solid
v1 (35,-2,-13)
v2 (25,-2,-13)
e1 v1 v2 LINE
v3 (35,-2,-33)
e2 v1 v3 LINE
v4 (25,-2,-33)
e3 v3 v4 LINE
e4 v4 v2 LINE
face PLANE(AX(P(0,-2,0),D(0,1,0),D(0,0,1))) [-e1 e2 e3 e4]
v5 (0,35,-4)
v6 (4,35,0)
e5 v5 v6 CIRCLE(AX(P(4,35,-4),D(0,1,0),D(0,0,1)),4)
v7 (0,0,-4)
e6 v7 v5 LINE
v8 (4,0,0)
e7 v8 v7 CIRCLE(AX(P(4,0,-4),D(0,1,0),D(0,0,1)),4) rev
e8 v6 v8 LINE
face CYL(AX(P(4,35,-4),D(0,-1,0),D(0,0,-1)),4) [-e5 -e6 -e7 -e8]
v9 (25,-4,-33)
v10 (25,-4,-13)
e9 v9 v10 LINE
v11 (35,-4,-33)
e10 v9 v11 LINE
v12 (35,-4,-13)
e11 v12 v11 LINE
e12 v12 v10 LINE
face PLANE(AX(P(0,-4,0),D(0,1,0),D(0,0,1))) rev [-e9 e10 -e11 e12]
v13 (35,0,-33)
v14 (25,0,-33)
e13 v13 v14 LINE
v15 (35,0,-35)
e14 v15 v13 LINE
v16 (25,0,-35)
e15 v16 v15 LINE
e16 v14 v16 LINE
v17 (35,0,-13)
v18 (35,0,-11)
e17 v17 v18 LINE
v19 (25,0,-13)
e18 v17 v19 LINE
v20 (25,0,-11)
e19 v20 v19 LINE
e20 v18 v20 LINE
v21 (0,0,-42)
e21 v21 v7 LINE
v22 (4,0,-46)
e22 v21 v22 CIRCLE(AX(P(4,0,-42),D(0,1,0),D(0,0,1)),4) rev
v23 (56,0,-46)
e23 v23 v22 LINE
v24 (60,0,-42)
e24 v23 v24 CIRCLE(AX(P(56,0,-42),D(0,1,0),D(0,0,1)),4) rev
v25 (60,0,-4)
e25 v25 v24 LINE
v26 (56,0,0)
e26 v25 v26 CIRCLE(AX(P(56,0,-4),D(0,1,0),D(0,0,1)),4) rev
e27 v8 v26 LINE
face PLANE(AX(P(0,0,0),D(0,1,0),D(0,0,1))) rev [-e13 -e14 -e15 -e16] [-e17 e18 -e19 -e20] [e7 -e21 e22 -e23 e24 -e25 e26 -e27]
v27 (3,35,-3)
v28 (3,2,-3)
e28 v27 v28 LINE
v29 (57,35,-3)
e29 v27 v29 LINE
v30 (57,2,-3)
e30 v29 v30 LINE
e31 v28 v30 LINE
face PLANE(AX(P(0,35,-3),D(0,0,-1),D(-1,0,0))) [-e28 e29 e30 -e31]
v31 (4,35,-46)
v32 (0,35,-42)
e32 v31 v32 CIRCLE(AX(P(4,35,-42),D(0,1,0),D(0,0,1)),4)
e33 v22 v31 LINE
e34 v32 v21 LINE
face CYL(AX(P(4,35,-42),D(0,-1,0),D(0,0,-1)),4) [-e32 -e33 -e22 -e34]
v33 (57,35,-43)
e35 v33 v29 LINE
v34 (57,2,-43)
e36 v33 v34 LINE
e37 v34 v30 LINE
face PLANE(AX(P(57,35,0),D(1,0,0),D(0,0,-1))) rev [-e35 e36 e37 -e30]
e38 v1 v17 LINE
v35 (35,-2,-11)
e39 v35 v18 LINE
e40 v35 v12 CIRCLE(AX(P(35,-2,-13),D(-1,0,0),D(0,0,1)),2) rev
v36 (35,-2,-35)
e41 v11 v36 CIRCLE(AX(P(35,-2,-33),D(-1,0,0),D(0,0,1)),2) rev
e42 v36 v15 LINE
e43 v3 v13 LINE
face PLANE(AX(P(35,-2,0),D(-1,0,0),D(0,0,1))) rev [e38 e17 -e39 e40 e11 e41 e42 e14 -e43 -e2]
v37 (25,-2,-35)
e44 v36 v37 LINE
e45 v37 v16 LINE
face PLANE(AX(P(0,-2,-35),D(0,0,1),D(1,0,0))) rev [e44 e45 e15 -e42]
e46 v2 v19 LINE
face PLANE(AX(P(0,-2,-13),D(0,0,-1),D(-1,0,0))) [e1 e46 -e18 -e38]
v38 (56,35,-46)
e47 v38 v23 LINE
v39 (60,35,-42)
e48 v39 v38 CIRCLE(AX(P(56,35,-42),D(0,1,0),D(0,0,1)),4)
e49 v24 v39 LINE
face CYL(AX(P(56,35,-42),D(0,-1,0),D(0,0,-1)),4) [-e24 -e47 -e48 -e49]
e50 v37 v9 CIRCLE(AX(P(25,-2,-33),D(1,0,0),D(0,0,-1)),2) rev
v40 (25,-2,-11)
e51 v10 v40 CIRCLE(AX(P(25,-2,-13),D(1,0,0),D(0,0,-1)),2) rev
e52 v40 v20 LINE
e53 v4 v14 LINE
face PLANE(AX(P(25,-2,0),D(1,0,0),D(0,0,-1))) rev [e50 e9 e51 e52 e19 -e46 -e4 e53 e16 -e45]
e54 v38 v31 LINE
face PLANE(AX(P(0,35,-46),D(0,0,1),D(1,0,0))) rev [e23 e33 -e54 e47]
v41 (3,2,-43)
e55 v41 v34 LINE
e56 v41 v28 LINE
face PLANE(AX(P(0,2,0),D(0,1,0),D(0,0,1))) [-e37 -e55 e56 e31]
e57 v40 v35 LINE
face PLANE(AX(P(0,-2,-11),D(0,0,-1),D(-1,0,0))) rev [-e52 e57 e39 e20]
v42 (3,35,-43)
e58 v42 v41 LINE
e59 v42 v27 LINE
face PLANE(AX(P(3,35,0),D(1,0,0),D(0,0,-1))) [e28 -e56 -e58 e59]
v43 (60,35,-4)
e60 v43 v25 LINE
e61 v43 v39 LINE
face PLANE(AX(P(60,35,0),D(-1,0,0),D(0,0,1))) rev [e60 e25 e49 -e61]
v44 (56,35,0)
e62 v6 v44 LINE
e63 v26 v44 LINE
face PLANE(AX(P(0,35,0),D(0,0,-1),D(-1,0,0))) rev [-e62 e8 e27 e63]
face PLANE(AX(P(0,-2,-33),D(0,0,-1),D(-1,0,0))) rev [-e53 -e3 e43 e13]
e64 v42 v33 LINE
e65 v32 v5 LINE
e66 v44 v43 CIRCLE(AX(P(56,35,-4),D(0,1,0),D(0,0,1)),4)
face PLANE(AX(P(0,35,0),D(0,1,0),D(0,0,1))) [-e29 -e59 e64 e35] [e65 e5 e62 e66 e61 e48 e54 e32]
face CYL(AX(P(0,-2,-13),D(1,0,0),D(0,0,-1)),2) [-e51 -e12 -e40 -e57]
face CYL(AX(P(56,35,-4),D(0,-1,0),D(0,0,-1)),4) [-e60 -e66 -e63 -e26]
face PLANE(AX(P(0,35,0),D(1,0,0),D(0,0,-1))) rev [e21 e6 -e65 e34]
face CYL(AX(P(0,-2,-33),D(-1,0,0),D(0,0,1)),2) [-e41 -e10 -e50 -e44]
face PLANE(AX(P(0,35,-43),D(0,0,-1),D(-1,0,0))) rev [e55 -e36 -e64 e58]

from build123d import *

# Parameters (mm, degrees)
ESQUISSE1_W         = 54
ESQUISSE1_H         = 40
BOSS_EXTRU_9_DEPTH  = 2
ESQUISSE1_14_W      = 60
ESQUISSE1_14_H      = 46
ESQUISSE1_14_W_2    = 54
ESQUISSE1_14_H_2    = 40
BOSS_EXTRU_10_DEPTH = 35
CONG_14_R           = 4
ESQUISSE1_18_W      = 10
ESQUISSE1_18_H      = 24
BOSS_EXTRU_12_DEPTH = 2
ESQUISSE1_20_W      = 10
ESQUISSE1_20_H      = 2
BOSS_EXTRU_13_DEPTH = 2
BOSS_EXTRU_15_START = -2
ESQUISSE9_W         = 10
ESQUISSE9_H         = 24
BOSS_EXTRU_15_DEPTH = 2
CONG_15_R           = 2


with BuildPart() as part:
    # Esquisse1 → Boss.-Extru.9 (new body)
    with BuildSketch(Plane(origin=(0, 0, 0), x_dir=(1, 0, 0), z_dir=(0, 1, 0))):
        with Locations((30, 23)):
            Rectangle(ESQUISSE1_W, ESQUISSE1_H)
        Polygon((35, 33), (35, 13), (35, 11), (25, 11), (25, 13), (25, 33), (25, 35), (35, 35), align=None, mode=Mode.SUBTRACT)
    extrude(amount=BOSS_EXTRU_9_DEPTH)

    # Esquisse1<14> → Boss.-Extru.10 (add)
    with BuildSketch(Plane(origin=(0, 0, 0), x_dir=(1, 0, 0), z_dir=(0, 1, 0))):
        with Locations((30, 23)):
            Rectangle(ESQUISSE1_14_W, ESQUISSE1_14_H)
        with Locations((30, 23)):
            Rectangle(ESQUISSE1_14_W_2, ESQUISSE1_14_H_2, mode=Mode.SUBTRACT)
    extrude(amount=BOSS_EXTRU_10_DEPTH)

    # Congé14
    cong_14_edges = [part.edges().sort_by_distance(p)[0] for p in [
        (60, 17.5, 0),
        (60, 17.5, -46),
        (0, 17.5, -46),
        (0, 17.5, 0),
    ]]
    fillet(cong_14_edges, radius=CONG_14_R)

    # Esquisse1<18> → Boss.-Extru.12 (add)
    with BuildSketch(Plane(origin=(0, 0, 0), x_dir=(1, 0, 0), z_dir=(0, 1, 0))):
        with Locations((30, 23)):
            Rectangle(ESQUISSE1_18_W, ESQUISSE1_18_H)
    extrude(amount=BOSS_EXTRU_12_DEPTH)

    # Esquisse1<20> → Boss.-Extru.13 (add)
    with BuildSketch(Plane(origin=(0, 0, 0), x_dir=(1, 0, 0), z_dir=(0, 1, 0))):
        with Locations((30, 12)):
            Rectangle(ESQUISSE1_20_W, ESQUISSE1_20_H)
        with Locations((30, 34)):
            Rectangle(ESQUISSE1_20_W, ESQUISSE1_20_H)
    extrude(amount=-BOSS_EXTRU_13_DEPTH)

    # Esquisse9 → Boss.-Extru.15 (add)
    with BuildSketch(Plane(origin=(0, 0, 0), x_dir=(1, 0, 0), z_dir=(0, 1, 0)).offset(BOSS_EXTRU_15_START)):
        with Locations((30, 23)):
            Rectangle(ESQUISSE9_W, ESQUISSE9_H)
    extrude(amount=-BOSS_EXTRU_15_DEPTH)

    # Congé15
    cong_15_edges = [part.edges().sort_by_distance(p)[0] for p in [
        (30, -4, -35),
        (30, -4, -11),
    ]]
    fillet(cong_15_edges, radius=CONG_15_R)


solid = part.part
